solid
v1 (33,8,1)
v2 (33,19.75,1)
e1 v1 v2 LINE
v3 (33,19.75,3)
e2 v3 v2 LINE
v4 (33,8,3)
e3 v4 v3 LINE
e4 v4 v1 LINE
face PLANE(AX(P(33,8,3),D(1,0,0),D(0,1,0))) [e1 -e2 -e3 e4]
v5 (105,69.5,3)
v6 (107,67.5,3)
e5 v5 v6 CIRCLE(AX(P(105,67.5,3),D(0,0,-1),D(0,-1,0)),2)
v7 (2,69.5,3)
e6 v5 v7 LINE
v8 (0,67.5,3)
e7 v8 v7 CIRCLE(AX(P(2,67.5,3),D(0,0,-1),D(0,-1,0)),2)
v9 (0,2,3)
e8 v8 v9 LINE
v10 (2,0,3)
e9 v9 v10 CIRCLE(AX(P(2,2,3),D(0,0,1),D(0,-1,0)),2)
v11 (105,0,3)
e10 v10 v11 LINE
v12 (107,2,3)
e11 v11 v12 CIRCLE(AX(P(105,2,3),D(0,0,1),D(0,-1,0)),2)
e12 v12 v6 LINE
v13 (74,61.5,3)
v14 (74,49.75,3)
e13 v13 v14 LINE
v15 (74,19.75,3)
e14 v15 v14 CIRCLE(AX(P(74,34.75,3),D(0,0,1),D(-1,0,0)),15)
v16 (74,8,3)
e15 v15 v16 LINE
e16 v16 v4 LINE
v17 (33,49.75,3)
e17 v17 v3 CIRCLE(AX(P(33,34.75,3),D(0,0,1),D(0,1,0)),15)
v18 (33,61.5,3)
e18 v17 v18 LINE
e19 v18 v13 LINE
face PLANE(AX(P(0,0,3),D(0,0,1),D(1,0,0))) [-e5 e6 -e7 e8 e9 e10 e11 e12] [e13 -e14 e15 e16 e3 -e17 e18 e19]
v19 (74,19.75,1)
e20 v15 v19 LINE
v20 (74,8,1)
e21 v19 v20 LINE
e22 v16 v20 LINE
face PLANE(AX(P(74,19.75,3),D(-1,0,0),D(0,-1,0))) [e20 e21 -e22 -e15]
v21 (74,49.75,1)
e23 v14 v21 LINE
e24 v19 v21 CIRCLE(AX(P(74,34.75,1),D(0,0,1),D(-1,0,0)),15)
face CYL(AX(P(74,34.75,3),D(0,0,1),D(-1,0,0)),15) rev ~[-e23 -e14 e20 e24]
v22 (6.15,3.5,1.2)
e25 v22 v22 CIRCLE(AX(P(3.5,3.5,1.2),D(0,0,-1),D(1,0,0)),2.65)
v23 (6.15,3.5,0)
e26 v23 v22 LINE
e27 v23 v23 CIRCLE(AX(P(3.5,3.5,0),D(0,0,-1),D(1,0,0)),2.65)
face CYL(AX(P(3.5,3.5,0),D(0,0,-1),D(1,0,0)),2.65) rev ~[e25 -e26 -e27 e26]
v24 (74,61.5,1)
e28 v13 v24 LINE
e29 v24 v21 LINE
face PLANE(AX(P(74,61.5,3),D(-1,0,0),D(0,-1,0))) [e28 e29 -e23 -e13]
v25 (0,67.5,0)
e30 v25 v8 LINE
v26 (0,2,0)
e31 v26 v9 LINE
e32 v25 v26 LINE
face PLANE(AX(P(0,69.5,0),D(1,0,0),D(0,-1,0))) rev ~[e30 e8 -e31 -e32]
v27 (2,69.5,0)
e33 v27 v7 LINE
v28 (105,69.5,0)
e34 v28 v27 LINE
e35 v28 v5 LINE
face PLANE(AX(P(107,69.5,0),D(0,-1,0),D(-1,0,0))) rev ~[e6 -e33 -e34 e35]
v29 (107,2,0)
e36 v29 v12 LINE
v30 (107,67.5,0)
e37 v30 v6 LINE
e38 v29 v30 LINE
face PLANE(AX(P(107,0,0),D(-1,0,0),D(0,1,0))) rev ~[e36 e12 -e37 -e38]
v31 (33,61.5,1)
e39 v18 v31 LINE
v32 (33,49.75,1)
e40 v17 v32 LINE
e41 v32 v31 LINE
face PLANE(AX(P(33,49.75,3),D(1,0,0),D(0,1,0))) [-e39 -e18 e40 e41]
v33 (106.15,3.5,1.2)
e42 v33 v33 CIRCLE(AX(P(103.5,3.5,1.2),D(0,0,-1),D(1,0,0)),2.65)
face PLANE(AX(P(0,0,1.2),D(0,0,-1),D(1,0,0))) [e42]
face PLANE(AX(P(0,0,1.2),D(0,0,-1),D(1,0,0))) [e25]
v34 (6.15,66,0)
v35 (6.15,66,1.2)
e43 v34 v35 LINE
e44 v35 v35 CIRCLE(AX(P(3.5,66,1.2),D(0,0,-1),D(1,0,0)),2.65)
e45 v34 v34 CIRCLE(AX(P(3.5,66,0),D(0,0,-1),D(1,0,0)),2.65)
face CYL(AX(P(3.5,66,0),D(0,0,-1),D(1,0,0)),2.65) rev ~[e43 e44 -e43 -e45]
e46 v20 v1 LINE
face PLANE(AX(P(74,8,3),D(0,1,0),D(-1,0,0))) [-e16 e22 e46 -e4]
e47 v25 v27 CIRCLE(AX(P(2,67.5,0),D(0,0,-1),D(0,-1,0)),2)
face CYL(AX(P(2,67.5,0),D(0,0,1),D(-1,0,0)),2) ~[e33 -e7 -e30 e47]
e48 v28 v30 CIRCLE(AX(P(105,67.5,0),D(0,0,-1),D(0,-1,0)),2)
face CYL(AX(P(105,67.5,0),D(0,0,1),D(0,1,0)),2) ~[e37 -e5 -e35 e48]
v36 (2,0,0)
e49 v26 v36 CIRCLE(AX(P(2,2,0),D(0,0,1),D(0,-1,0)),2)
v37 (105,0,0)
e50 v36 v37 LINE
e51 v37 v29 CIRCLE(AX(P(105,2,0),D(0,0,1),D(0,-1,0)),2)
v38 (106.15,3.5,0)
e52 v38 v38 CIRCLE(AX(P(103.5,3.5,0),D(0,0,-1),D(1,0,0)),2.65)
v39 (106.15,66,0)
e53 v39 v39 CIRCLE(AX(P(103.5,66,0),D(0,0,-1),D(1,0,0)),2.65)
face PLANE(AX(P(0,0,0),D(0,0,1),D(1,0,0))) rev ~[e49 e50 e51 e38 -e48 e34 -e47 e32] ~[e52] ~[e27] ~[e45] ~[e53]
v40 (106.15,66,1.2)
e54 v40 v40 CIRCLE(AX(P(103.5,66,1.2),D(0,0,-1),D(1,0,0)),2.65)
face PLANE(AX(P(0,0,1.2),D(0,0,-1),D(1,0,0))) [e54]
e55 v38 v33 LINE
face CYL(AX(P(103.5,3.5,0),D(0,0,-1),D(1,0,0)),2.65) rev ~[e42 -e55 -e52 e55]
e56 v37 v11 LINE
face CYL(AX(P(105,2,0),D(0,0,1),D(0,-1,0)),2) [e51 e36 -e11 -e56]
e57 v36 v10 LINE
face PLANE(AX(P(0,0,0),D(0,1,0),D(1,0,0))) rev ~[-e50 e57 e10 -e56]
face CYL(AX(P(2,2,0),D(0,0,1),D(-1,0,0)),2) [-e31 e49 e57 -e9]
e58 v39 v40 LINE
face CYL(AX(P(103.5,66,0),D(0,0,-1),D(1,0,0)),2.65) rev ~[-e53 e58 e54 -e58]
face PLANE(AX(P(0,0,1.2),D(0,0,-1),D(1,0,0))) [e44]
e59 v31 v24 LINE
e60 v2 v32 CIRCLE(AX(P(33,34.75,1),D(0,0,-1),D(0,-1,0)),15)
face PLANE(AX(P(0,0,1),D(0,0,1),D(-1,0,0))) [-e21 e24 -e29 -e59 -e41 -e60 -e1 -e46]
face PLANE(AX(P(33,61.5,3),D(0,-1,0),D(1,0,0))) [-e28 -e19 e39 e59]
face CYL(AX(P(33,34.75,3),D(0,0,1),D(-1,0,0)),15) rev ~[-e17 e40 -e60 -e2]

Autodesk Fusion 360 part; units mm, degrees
sketch "Skizze1" plane through (0, 0, 0) normal (0, 0, 1) x (1, 0, 0)
  line L0 (0, 0) -> (107, 0)
  line L1 (107, 0) -> (107, 69.5)
  line L2 (107, 69.5) -> (0, 69.5)
  line L3 (0, 69.5) -> (0, 0)
  dimension "d1" = 107
  dimension "d2" = 69.5
extrude "Extrusion1" add sketch "Skizze1" along normal blind 3
sketch "Skizze2" plane through (0, 0, 0) normal (0, 0, -1) x (1, 0, 0)
  line L0 (0, 0) -> (0, -69.5)
  line L1 (0, -69.5) -> (107, -69.5)
  line L2 (107, -69.5) -> (107, 0)
  line L3 (107, 0) -> (0, 0)
  line L4 (0, 0) -> (7, 0)
  line L5 (7, 0) -> (7, -7)
  line L6 (7, -7) -> (0, -7)
  line L7 (0, -7) -> (0, 0)
  line L8 (107, 0) -> (100, 0)
  line L9 (100, 0) -> (100, -7)
  line L10 (100, -7) -> (107, -7)
  line L11 (107, -7) -> (107, 0)
  line L12 (107, -69.5) -> (100, -69.5)
  line L13 (100, -69.5) -> (100, -62.5)
  line L14 (100, -62.5) -> (107, -62.5)
  line L15 (107, -62.5) -> (107, -69.5)
  line L16 (0, -69.5) -> (7, -69.5)
  line L17 (7, -69.5) -> (7, -62.5)
  line L18 (7, -62.5) -> (0, -62.5)
  line L19 (0, -62.5) -> (0, -69.5)
  circle A0 centre (3.5, -66) radius 2.65
  circle A1 centre (103.5, -66) radius 2.65
  circle A2 centre (103.5, -3.5) radius 2.65
  circle A3 centre (3.5, -3.5) radius 2.65
  dimension "d5" = 7
  dimension "d6" = 7
  dimension "d7" = 7
  dimension "d8" = 7
  dimension "d9" = 7
  dimension "d10" = 7
  dimension "d11" = 7
  dimension "d12" = 7
  dimension "d13" = 5.3
  dimension "d14" = 5.3
  dimension "d15" = 5.3
  dimension "d16" = 5.3
  dimension "d17" = 3.5
  dimension "d18" = 3.5
  dimension "d19" = 3.5
  dimension "d20" = 3.5
  dimension "d21" = 3.5
  dimension "d22" = 3.5
  dimension "d23" = 3.5
  dimension "d24" = 3.5
extrude "Extrusion2" cut sketch "Skizze2" against normal blind 1.2 contours A0 | A1 | A2 | A3
fillet "Abrundung1" radius 2 4 edges at (0, 0, 1.5) (107, 0, 1.5) (107, 69.5, 1.5) (0, 69.5, 1.5)
sketch "Skizze3" plane through (0, 0, 3) normal (0, 0, 1) x (-1, 0, 0)
  arc A0 (-2, -69.5) -> (0, -67.5) centre (-2, -67.5) ccw
  line L0 (0, -67.5) -> (0, -2)
  arc A1 (0, -2) -> (-2, 0) centre (-2, -2) ccw
  line L1 (-2, 0) -> (-105, 0)
  arc A2 (-105, 0) -> (-107, -2) centre (-105, -2) ccw
  line L2 (-107, -2) -> (-107, -67.5)
  arc A3 (-107, -67.5) -> (-105, -69.5) centre (-105, -67.5) ccw
  line L3 (-105, -69.5) -> (-2, -69.5)
  line L4 (-33, -61.5) -> (-74, -61.5)
  line L5 (-74, -61.5) -> (-74, -8)
  line L6 (-74, -8) -> (-33, -8)
  line L7 (-33, -8) -> (-33, -61.5)
  circle A4 centre (-33, -34.75) radius 15
  circle A5 centre (-74, -34.75) radius 15
  dimension "d29" = 41
  dimension "d30" = 53.5
  dimension "d31" = 33
  dimension "d32" = 8
  dimension "d33" = 30
  dimension "d34" = 30
extrude "Extrusion3" cut sketch "Skizze3" against normal blind 2 contours L4 L5 L6 L7 A4 A5 | L7 A4 | L7 A4 | L5 A5 | L5 A5
equation "d31 = ( ( 74 / 2 ) * 1 mm ) - 4 mm"
